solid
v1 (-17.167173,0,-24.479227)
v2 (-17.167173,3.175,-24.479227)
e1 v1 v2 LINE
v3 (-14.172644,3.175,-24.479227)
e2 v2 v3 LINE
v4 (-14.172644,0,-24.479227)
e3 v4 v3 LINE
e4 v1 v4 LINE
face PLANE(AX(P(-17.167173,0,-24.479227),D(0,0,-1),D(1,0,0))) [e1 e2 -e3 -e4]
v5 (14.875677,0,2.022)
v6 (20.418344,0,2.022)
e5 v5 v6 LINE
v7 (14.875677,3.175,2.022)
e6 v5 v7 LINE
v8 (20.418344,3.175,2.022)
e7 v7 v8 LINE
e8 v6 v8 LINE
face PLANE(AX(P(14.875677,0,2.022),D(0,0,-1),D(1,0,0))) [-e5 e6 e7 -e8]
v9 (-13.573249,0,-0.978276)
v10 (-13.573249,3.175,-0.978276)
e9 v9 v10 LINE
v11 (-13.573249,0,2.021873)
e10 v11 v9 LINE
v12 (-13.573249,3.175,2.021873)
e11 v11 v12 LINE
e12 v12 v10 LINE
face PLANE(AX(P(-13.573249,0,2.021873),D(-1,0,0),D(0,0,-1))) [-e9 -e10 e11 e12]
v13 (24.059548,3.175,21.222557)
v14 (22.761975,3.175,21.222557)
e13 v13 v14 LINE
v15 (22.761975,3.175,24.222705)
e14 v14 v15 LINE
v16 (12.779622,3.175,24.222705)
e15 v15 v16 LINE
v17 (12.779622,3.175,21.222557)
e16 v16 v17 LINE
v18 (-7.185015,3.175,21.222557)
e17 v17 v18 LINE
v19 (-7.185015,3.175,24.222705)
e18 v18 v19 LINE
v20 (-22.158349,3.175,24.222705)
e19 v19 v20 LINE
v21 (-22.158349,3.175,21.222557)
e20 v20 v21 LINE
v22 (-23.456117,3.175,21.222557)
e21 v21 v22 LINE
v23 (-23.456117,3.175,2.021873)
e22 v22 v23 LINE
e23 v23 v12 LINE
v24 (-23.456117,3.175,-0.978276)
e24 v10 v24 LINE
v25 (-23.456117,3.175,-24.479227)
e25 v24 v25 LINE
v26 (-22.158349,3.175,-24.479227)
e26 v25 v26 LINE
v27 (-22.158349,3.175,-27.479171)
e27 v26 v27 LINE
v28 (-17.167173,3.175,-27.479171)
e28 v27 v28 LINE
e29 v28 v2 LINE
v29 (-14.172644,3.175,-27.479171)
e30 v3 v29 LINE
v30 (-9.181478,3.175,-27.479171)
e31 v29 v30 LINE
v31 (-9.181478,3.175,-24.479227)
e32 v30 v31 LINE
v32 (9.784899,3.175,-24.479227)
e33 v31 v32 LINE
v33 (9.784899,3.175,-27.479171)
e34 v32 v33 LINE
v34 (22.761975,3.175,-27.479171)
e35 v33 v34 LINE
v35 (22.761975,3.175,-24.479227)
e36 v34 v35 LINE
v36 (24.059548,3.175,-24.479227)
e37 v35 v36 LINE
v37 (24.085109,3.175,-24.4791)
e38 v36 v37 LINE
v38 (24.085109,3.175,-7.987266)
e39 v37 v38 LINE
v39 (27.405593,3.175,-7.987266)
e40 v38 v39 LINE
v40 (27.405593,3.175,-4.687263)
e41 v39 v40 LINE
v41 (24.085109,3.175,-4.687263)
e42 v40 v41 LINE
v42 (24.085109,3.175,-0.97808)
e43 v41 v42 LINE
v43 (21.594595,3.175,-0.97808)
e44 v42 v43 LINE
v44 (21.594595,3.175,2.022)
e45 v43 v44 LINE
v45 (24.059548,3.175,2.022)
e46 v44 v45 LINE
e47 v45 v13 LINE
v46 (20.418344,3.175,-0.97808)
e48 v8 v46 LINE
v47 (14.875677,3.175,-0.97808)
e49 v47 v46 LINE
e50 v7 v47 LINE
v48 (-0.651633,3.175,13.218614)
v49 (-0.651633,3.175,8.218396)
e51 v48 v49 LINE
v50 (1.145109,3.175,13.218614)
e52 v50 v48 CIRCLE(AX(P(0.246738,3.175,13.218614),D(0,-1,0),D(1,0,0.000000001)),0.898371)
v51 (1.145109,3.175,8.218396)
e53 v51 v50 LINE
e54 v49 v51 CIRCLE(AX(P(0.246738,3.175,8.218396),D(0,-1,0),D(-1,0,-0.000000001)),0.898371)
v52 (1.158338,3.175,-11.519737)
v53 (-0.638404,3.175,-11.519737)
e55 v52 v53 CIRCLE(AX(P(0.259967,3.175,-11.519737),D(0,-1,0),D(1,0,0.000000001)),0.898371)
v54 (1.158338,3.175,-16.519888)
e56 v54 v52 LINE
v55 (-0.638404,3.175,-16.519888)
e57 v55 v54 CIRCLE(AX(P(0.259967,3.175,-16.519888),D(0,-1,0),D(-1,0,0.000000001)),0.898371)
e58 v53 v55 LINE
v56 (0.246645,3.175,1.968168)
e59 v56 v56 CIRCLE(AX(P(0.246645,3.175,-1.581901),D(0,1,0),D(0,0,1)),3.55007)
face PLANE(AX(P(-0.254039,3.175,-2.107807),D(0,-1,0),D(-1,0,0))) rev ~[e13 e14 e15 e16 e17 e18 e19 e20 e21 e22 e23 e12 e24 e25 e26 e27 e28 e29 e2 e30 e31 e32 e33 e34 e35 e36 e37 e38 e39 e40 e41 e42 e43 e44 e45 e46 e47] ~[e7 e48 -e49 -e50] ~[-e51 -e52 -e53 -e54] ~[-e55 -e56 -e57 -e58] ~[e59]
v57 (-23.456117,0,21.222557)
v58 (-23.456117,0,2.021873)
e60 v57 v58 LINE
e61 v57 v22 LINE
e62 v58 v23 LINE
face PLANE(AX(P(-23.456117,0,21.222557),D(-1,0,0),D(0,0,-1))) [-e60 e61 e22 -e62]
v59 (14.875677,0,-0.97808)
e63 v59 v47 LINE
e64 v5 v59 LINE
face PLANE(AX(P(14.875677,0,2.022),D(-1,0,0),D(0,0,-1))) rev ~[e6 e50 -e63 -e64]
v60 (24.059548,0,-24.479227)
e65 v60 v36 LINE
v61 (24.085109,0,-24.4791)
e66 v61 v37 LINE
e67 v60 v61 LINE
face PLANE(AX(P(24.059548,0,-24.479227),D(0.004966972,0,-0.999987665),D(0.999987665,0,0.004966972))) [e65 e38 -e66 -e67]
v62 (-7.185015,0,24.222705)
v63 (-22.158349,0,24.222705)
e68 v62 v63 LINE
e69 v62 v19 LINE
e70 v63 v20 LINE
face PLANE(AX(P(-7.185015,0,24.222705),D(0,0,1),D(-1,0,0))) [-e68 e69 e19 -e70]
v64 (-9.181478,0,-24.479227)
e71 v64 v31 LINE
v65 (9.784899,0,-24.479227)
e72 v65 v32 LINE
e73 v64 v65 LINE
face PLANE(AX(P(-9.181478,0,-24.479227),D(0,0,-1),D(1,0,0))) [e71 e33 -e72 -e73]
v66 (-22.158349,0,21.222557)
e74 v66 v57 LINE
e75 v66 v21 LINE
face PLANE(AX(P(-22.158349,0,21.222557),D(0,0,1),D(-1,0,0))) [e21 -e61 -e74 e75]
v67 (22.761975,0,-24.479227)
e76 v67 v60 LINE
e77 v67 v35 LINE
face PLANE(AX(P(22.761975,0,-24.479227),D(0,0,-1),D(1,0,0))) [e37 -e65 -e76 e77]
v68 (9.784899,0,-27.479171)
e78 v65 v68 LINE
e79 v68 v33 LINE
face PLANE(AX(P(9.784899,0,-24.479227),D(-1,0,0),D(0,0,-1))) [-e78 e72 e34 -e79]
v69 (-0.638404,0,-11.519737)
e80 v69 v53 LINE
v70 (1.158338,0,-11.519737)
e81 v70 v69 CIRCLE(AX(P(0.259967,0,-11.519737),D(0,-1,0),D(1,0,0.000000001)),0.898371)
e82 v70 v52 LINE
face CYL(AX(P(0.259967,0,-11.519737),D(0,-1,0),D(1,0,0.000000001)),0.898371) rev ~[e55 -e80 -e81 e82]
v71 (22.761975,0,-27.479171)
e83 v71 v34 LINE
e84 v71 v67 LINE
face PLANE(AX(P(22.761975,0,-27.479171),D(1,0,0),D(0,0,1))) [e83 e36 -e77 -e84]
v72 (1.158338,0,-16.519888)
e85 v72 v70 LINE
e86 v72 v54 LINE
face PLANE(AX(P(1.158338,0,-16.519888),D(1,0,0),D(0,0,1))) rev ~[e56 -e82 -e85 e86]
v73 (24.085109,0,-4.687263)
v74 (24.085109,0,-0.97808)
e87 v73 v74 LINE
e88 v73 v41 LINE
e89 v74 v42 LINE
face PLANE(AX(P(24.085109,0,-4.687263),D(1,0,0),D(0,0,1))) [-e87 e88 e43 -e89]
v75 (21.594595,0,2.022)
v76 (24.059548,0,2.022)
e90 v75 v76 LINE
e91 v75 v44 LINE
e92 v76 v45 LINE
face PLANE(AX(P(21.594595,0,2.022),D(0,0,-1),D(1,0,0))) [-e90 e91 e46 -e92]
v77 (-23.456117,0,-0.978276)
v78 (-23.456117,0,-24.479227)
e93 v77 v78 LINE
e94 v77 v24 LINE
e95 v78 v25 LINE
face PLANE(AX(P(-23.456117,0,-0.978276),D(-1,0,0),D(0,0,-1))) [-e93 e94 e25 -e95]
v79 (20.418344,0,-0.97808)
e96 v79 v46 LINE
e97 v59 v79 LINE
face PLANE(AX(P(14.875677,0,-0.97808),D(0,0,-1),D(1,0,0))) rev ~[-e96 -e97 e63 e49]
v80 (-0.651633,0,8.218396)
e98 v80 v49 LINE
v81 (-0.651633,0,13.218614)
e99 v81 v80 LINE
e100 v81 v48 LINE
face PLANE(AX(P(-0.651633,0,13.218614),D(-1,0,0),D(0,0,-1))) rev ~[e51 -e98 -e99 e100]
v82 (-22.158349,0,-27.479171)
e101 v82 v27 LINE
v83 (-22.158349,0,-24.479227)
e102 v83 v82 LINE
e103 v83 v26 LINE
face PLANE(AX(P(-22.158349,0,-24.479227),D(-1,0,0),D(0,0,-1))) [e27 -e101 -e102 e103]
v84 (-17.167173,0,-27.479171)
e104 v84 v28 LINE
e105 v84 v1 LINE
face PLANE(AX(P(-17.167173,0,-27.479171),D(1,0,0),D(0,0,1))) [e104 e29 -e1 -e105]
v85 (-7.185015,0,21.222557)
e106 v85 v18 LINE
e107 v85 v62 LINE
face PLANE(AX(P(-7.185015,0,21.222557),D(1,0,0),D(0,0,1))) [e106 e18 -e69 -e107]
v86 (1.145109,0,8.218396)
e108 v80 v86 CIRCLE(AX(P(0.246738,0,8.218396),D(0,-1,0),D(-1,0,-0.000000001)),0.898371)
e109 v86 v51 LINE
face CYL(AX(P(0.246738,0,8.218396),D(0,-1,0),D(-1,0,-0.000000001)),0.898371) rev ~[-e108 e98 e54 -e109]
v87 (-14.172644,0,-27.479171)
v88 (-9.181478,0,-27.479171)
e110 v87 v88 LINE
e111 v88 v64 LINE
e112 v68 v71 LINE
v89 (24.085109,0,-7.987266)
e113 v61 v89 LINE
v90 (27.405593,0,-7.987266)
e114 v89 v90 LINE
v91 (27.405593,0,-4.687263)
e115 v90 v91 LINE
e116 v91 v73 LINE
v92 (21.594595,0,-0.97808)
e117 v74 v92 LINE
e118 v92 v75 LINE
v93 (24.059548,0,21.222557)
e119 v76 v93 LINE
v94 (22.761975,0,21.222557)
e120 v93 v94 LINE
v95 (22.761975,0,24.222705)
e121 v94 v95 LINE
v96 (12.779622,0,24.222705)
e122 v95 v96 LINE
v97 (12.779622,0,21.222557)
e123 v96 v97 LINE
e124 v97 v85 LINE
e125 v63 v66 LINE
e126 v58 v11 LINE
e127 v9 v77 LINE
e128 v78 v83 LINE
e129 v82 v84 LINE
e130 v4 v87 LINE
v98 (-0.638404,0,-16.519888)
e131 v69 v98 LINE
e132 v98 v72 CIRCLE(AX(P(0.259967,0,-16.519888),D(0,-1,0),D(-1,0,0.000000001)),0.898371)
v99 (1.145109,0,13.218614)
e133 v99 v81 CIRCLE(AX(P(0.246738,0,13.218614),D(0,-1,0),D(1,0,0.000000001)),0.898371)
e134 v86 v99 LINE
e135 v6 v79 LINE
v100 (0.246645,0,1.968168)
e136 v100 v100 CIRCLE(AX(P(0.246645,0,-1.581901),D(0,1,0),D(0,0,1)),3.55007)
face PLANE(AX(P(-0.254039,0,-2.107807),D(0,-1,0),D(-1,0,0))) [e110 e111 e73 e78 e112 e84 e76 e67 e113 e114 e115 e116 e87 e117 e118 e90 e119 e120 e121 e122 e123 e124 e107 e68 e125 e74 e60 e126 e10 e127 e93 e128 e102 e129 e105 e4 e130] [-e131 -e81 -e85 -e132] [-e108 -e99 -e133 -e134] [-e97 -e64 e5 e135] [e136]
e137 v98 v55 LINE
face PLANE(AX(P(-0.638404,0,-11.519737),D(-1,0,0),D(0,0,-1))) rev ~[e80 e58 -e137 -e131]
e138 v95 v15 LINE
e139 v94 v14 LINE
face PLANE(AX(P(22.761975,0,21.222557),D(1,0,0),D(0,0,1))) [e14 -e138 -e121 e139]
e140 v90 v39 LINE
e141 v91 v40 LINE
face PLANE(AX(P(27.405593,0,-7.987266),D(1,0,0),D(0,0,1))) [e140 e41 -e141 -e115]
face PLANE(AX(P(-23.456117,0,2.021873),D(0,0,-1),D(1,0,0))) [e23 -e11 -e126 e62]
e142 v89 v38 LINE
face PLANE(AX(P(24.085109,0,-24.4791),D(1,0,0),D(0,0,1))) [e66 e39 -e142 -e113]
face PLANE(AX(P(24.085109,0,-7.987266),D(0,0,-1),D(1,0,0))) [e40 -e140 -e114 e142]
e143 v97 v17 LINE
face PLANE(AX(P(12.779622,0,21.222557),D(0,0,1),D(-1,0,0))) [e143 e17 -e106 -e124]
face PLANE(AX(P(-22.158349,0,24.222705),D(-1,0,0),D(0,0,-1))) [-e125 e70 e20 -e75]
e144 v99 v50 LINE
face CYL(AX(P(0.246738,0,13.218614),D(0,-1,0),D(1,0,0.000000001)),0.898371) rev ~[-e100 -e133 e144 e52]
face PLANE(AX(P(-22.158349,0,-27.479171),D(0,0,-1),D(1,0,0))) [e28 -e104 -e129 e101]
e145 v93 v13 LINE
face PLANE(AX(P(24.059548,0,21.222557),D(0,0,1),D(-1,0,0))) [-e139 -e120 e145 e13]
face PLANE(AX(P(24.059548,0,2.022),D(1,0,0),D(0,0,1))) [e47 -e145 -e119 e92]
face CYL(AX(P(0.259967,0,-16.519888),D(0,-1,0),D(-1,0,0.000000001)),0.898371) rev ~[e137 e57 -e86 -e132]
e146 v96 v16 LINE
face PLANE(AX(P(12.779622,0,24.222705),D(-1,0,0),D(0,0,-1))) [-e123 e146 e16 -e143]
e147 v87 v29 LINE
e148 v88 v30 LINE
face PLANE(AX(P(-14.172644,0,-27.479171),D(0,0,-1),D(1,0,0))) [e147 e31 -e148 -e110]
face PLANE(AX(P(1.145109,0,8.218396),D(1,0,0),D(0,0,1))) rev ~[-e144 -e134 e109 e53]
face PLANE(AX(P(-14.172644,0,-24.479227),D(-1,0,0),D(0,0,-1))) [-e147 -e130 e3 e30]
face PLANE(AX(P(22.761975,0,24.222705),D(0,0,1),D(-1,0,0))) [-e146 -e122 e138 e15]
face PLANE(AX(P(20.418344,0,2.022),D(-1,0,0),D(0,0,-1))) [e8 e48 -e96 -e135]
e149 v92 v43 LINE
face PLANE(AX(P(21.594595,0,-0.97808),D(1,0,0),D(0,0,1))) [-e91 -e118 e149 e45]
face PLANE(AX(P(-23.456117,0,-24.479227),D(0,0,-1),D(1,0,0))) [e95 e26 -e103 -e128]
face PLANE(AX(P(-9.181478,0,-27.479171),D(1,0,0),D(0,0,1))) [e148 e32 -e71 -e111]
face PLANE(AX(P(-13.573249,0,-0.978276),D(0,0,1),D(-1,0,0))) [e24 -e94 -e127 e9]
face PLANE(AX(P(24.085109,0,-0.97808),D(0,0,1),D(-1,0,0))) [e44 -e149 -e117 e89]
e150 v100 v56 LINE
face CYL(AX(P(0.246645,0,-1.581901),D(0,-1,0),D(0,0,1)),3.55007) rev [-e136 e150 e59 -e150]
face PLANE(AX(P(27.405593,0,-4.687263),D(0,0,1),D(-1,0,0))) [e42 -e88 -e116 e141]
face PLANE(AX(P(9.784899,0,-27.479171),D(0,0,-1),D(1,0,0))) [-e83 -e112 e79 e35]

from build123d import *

# Parameters (mm, degrees)
SKETCH1_R           = 3.550069734
SKETCH1_W           = 5.542666669
SKETCH1_H           = 3.000080526
BOSS_EXTRUDE1_DEPTH = 3.175


with BuildPart() as part:
    # Sketch1 → Boss-Extrude1 (new body)
    with BuildSketch(Plane(origin=(0, 0, 0), x_dir=(1, 0, 0), z_dir=(0, 1, 0))):
        Polygon((21.594595228, 0.978080338), (21.594595228, -2.022000189), (24.059548337, -2.022000189), (24.059548337, -21.222556575), (22.761975246, -21.222556575), (22.761975246, -24.222705465), (12.779622417, -24.222705465), (12.779622417, -21.222556575), (-7.185015001, -21.222556575), (-7.185015001, -24.222705465), (-22.158349273, -24.222705465), (-22.158349273, -21.222556575), (-23.456117337, -21.222556575), (-23.456117337, -2.021873227), (-13.573249368, -2.021873227), (-13.573249368, 0.978275664), (-23.456117336, 0.978275664), (-23.456117336, 24.479227112), (-22.158349272, 24.479227112), (-22.158349272, 27.47917091), (-17.167172857, 27.47917091), (-17.167172857, 24.479227112), (-14.172644433, 24.479227112), (-14.172644433, 27.47917091), (-9.181477767, 27.47917091), (-9.181477767, 24.479227112), (9.784899021, 24.479227112), (9.784899021, 27.47917091), (22.761975247, 27.47917091), (22.761975247, 24.479227112), (24.059548338, 24.479227112), (24.08510927, 24.47910015), (24.08510927, 7.98726625), (27.405593185, 7.98726625), (27.405593185, 4.687262638), (24.08510927, 4.687262638), (24.08510927, 0.978080338), align=None)
        with Locations(Location((0.24664544, 1.581901392, 0), (0, 0, 270))):
            Circle(SKETCH1_R, mode=Mode.SUBTRACT)
        with Locations((17.647010615, -0.521959927)):
            Rectangle(SKETCH1_W, SKETCH1_H, mode=Mode.SUBTRACT)
        with BuildLine():
            Line((-0.638404245, 11.51973711), (-0.638404245, 16.519887597))
            ThreePointArc((-0.638404245, 16.519887597), (0.259966955, 17.418258798), (1.158338156, 16.519887597))
            Line((1.158338156, 16.519887597), (1.158338156, 11.51973711))
            ThreePointArc((1.158338156, 11.51973711), (0.259966955, 10.62136591), (-0.638404245, 11.51973711))
        make_face(mode=Mode.SUBTRACT)
        with BuildLine():
            Line((-0.651633149, -13.218614368), (-0.651633149, -8.218395516))
            ThreePointArc((-0.651633149, -8.218395516), (0.246738051, -7.320024316), (1.145109252, -8.218395516))
            Line((1.145109252, -8.218395516), (1.145109252, -13.218614368))
            ThreePointArc((1.145109252, -13.218614368), (0.246738051, -14.116985568), (-0.651633149, -13.218614368))
        make_face(mode=Mode.SUBTRACT)
    extrude(amount=BOSS_EXTRUDE1_DEPTH)


solid = part.part
